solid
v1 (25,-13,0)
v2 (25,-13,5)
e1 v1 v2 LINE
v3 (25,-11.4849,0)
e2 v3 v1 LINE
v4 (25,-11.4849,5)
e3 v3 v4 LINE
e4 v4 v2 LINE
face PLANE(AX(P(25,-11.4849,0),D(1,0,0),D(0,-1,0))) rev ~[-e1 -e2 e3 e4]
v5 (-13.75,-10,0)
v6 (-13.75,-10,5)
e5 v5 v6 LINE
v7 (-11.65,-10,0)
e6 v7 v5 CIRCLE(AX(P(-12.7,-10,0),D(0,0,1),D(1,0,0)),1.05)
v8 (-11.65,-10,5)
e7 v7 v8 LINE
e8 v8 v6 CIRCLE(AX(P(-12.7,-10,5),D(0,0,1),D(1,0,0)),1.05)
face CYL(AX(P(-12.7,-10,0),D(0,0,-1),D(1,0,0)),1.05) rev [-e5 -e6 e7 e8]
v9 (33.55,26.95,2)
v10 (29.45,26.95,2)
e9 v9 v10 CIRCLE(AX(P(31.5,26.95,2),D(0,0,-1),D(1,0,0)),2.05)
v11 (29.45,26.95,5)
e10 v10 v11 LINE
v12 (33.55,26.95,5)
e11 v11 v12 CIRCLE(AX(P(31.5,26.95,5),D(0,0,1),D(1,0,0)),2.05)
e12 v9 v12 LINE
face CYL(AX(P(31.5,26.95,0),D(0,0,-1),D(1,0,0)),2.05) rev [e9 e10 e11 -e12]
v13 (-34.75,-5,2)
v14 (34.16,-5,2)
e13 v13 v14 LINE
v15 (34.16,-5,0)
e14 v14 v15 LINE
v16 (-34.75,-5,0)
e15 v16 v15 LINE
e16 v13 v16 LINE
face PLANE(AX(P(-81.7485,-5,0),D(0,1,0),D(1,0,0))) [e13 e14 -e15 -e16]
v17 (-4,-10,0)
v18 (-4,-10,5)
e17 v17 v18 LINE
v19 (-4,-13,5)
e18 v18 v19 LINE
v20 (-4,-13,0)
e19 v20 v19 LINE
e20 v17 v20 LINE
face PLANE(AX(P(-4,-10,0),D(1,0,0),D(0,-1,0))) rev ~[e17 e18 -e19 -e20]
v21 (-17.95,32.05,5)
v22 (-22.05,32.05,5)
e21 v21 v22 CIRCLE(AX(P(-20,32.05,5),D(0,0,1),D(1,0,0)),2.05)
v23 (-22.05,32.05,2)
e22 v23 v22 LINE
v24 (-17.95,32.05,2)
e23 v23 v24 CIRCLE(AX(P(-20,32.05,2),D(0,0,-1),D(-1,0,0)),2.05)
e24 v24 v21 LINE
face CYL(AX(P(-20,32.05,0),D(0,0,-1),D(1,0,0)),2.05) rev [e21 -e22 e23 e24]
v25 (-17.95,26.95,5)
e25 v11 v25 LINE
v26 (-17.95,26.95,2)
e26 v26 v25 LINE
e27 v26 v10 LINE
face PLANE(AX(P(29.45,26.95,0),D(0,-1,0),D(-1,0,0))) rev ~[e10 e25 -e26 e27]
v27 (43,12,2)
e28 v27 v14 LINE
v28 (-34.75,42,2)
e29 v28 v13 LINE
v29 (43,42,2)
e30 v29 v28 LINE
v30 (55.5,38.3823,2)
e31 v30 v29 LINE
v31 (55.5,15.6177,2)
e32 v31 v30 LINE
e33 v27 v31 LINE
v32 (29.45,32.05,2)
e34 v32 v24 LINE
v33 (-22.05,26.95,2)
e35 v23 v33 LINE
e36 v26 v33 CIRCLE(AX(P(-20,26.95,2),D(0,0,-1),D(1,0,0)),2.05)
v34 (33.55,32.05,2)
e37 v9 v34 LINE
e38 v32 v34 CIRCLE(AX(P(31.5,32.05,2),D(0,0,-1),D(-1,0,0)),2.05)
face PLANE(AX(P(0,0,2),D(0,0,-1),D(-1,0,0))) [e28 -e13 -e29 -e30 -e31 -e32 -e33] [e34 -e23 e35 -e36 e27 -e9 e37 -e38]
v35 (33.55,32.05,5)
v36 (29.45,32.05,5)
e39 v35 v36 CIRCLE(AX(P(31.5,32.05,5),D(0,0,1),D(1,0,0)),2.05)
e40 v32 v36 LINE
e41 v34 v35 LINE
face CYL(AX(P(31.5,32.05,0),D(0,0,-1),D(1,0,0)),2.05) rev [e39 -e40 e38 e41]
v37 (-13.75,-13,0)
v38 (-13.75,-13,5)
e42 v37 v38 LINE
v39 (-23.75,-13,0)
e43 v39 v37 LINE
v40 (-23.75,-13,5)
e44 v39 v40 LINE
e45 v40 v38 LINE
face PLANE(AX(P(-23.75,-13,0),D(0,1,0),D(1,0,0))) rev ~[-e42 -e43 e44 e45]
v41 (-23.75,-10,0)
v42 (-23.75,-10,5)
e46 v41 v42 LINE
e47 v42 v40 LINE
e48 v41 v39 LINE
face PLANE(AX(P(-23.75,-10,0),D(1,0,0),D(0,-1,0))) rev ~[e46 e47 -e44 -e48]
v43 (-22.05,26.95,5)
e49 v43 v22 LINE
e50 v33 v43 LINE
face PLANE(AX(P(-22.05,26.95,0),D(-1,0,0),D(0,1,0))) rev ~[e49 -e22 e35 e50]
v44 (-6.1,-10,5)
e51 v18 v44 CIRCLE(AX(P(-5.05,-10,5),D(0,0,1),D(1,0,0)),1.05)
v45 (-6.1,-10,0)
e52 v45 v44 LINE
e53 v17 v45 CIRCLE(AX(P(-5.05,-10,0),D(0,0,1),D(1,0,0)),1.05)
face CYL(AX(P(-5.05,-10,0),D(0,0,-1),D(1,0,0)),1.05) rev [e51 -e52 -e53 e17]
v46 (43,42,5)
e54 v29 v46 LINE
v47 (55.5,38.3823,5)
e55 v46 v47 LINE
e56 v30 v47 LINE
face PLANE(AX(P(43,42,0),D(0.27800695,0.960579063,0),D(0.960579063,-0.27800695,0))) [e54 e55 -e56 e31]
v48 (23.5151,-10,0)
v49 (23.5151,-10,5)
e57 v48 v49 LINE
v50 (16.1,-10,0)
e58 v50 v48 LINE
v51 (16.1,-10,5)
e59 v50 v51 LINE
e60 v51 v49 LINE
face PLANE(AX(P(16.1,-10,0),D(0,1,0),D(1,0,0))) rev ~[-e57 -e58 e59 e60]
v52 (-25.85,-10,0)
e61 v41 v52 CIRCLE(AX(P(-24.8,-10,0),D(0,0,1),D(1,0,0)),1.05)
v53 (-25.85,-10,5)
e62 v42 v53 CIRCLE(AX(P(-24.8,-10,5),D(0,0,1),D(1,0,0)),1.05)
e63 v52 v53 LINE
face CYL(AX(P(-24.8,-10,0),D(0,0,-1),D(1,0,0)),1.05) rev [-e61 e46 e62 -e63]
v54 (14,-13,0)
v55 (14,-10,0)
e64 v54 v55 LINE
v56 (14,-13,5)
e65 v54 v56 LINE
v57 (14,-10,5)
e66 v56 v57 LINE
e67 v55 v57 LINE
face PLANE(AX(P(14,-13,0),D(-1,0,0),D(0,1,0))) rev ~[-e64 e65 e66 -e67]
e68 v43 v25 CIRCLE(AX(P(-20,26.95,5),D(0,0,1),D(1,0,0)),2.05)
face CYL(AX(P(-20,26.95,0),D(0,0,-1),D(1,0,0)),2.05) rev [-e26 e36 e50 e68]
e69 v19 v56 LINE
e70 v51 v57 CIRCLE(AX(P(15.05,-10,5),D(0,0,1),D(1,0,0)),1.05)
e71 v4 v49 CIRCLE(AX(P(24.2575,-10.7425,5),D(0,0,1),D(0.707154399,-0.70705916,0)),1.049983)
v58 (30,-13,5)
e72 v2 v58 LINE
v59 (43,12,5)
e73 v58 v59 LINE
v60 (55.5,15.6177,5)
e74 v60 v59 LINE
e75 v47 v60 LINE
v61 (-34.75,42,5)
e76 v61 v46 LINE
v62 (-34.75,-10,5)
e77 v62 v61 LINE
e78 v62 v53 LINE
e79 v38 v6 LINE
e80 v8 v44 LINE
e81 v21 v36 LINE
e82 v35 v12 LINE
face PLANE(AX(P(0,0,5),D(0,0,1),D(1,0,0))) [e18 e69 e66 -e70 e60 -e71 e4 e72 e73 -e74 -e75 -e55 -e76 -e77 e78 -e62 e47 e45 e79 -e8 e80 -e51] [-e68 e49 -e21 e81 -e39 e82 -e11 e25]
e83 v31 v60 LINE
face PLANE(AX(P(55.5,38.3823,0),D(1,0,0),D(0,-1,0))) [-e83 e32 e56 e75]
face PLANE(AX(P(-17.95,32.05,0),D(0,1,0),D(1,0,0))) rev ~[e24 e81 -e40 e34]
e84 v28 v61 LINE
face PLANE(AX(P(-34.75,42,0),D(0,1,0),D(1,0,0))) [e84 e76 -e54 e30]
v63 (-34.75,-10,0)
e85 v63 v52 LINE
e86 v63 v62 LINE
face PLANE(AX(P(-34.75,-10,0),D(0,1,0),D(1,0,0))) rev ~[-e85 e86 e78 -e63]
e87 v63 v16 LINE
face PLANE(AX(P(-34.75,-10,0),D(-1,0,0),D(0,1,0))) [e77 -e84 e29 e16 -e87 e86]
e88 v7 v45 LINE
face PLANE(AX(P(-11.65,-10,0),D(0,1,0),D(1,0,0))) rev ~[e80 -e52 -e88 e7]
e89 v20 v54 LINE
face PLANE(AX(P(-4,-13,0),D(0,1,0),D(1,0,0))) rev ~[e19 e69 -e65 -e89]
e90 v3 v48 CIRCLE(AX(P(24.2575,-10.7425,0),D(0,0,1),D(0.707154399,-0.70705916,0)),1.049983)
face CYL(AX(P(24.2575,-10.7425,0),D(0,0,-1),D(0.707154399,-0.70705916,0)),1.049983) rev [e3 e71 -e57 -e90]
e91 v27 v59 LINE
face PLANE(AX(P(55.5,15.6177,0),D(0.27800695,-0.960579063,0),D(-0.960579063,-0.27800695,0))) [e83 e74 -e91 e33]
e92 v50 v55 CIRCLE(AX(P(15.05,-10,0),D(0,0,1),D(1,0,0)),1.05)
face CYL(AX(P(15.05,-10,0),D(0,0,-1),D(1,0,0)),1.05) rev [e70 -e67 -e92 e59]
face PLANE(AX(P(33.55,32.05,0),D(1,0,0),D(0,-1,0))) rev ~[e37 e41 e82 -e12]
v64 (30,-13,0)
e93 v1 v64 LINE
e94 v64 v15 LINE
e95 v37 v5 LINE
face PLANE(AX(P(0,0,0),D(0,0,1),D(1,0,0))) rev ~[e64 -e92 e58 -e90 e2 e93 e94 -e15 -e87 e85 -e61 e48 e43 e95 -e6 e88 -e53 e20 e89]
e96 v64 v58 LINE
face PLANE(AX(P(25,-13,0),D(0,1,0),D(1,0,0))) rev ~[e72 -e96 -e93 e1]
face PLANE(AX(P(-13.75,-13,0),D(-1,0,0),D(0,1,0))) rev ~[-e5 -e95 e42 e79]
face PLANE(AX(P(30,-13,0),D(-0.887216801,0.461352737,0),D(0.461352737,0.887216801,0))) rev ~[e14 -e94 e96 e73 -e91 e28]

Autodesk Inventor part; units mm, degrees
ref_plane "YZ Plane" through (0, 0, 0) normal (1, 0, 0) x (0, 1, 0)
ref_plane "XZ Plane" through (0, 0, 0) normal (0, 1, 0) x (-1, 0, 0)
ref_plane "XY Plane" through (0, 0, 0) normal (0, 0, 1) x (1, 0, 0)
sketch "スケッチ1" plane through (0, 0, 0) normal (0, 0, 1) x (1, 0, 0)
  line L0 (-34.75, -10) -> (23.5151, -10) construction
  arc A0 (25, -11.4849) -> (23.5151, -10) centre (24.2575, -10.7425) ccw
  line L1 (25, -11.4849) -> (25, -13)
  line L2 (25, -13) -> (30, -13)
  line L3 (23.5151, -10) -> (25, -10) construction
  line L4 (25, -10) -> (25, -11.4849) construction
  line L5 (-34.75, -10) -> (-34.75, 42)
  line L6 (-34.75, 42) -> (43, 42)
  circle A1 centre (-13, 37) radius 1.2
  circle A2 centre (13, 37) radius 1.2
  line L7 (0, 30.2) -> (0, 0) construction
  line L8 (30, -13) -> (43, 12)
  line L9 (43, 12) -> (43, 42)
  line L10 (-22.05, 32.05) -> (33.55, 32.05)
  line L11 (33.55, 32.05) -> (33.55, 26.95)
  line L12 (33.55, 26.95) -> (-22.05, 26.95)
  line L13 (-22.05, 26.95) -> (-22.05, 32.05)
  line L14 (33.5, 32) -> (-22, 32) construction
  line L15 (-22, 32) -> (-22, 27) construction
  line L16 (-22, 27) -> (33.5, 27) construction
  line L17 (33.5, 27) -> (33.5, 32) construction
  circle A3 centre (-20, 32.05) radius 2.05
  circle A4 centre (-20, 26.95) radius 2.05
  circle A5 centre (31.5, 32.05) radius 2.05
  circle A6 centre (31.5, 26.95) radius 2.05
  line L18 (-34.75, -10) -> (-25.85, -10)
  arc A7 (-23.75, -10) -> (-25.85, -10) centre (-24.8, -10) ccw
  line L19 (-23.75, -10) -> (-23.75, -13)
  line L20 (-23.75, -13) -> (-13.75, -13)
  line L21 (-13.75, -13) -> (-13.75, -10)
  arc A8 (-11.65, -10) -> (-13.75, -10) centre (-12.7, -10) ccw
  line L22 (-11.65, -10) -> (-6.1, -10)
  arc A9 (-4, -10) -> (-6.1, -10) centre (-5.05, -10) ccw
  line L23 (-4, -10) -> (-4, -13)
  line L24 (-4, -13) -> (14, -13)
  line L25 (14, -13) -> (14, -10)
  arc A10 (16.1, -10) -> (14, -10) centre (15.05, -10) ccw
  line L26 (16.1, -10) -> (23.5151, -10)
  line L27 (18.45, -6.1712) -> (21.55, -6.1712) construction
  line L28 (21.55, -6.1712) -> (21.55, -12.9737) construction
  line L29 (21.55, -12.9737) -> (18.45, -12.9737) construction
  line L30 (18.45, -12.9737) -> (18.45, -6.1712) construction
  line L31 (-31.3, -5.7897) -> (-28.2, -5.7897) construction
  line L32 (-28.2, -5.7897) -> (-28.2, -15) construction
  line L33 (-28.2, -15) -> (-31.3, -15) construction
  line L34 (-31.3, -15) -> (-31.3, -5.7897) construction
  line L35 (-29.75, -5.7897) -> (-29.75, -15) construction
  line L36 (20, -6.1712) -> (20, -12.9737) construction
  line L37 (43, 42) -> (55.5, 38.3823)
  line L38 (55.5, 38.3823) -> (55.5, 15.6177)
  line L39 (55.5, 15.6177) -> (43, 12)
  circle A11 centre (51, 35) radius 1.55
  circle A12 centre (51, 19) radius 1.55
  circle A13 centre (51, 35) radius 4.5 construction
  circle A14 centre (51, 19) radius 4.5 construction
  line L40 (51, 35) -> (51, 19) construction
  line L41 (-11.2651, 33.995) -> (-14.7349, 33.995)
  line L42 (-14.7349, 33.995) -> (-16.4699, 37)
  line L43 (-16.4699, 37) -> (-14.7349, 40.005)
  line L44 (-14.7349, 40.005) -> (-11.2651, 40.005)
  line L45 (-11.2651, 40.005) -> (-9.5301, 37)
  line L46 (-9.5301, 37) -> (-11.2651, 33.995)
  circle A15 centre (-15.4199, 37) radius 1.05
  circle A16 centre (-14.2099, 34.9043) radius 1.05
  circle A17 centre (-11.7901, 34.9043) radius 1.05
  circle A18 centre (-10.5801, 37) radius 1.05
  circle A19 centre (-11.7901, 39.0957) radius 1.05
  circle A20 centre (-14.2099, 39.0957) radius 1.05
  line L47 (16.4699, 37) -> (14.7349, 33.995)
  line L48 (14.7349, 33.995) -> (11.2651, 33.995)
  line L49 (11.2651, 33.995) -> (9.5301, 37)
  line L50 (9.5301, 37) -> (11.2651, 40.005)
  line L51 (11.2651, 40.005) -> (14.7349, 40.005)
  line L52 (14.7349, 40.005) -> (16.4699, 37)
  circle A21 centre (10.5801, 37) radius 1.05
  circle A22 centre (11.7901, 34.9043) radius 1.05
  circle A23 centre (14.2099, 34.9043) radius 1.05
  circle A24 centre (15.4199, 37) radius 1.05
  circle A25 centre (14.2099, 39.0957) radius 1.05
  circle A26 centre (11.7901, 39.0957) radius 1.05
  line L53 (1.7349, 33.995) -> (-1.7349, 33.995)
  line L54 (-1.7349, 33.995) -> (-3.4699, 37)
  line L55 (-3.4699, 37) -> (-1.7349, 40.005)
  line L56 (-1.7349, 40.005) -> (1.7349, 40.005)
  line L57 (1.7349, 40.005) -> (3.4699, 37)
  line L58 (3.4699, 37) -> (1.7349, 33.995)
  circle A27 centre (-2.4199, 37) radius 1.05
  circle A28 centre (-1.2099, 34.9043) radius 1.05
  circle A29 centre (1.2099, 34.9043) radius 1.05
  circle A30 centre (2.4199, 37) radius 1.05
  circle A31 centre (1.2099, 39.0957) radius 1.05
  circle A32 centre (-1.2099, 39.0957) radius 1.05
  line L59 (51, 38.1754) -> (53.75, 36.5877)
  line L60 (53.75, 36.5877) -> (53.75, 33.4123)
  line L61 (53.75, 33.4123) -> (51, 31.8246)
  line L62 (51, 31.8246) -> (48.25, 33.4123)
  line L63 (48.25, 33.4123) -> (48.25, 36.5877)
  line L64 (48.25, 36.5877) -> (51, 38.1754)
  point P0 (43, 27)
  point P1 (55.5, 27)
  point P2 (-14.7349, 33.995)
  point P3 (-11.2651, 33.995)
  point P4 (-9.5301, 37)
  point P5 (-11.2651, 40.005)
  point P6 (-14.7349, 40.005)
  point P7 (14.7349, 40.005)
  point P8 (11.2651, 40.005)
  point P9 (0, 37)
  point P10 (3.4699, 37)
  point P11 (1.7349, 40.005)
  point P12 (-1.7349, 40.005)
  dimension "d110" = 4.1
  dimension "d201" = 2.1
  dimension "d42" = 2.4
  dimension "d44" = 13
  dimension "d90" = 5
  dimension "d91" = 59.75
  dimension "d92" = 1.05
  dimension "d93" = 25
  dimension "d95" = 3
  dimension "d96" = 10
  dimension "d97" = 43
  dimension "d98" = 30
  dimension "d99" = 52
  dimension "d100" = 37
  dimension "d104" = 55.5
  dimension "d105" = 0.05
  dimension "d106" = 22
  dimension "d107" = 42
  dimension "d109" = 5
  dimension "d111" = 1.05
  dimension "d113" = 49.75
  dimension "d114" = 5
  dimension "d115" = 3.1
  dimension "d116" = 6
  dimension "d117" = 6
  dimension "d118" = 10
  dimension "d119" = 18
  dimension "d120" = 3
  dimension "d184" = 3.1
  dimension "d186" = 16
  dimension "d200" = 6.01
  dimension "d204" = 360
  dimension "d208" = 360
  dimension "d212" = 360
  dimension "d214" = 13
  dimension "d216" = 5.5
  dimension "d217" = 9
  dimension "d218" = 8
extrude "押し出し1" add sketch "スケッチ1" along normal blind 5 contours A0 L26 A10 L25 L24 L23 A9 L22 A8 L21 L20 L19 A7 L18 L5 L6 L9 L8 L2 L1 | L9 L37 L38 L39 | A1 | A2 | A17 L41 | L41 A17 L46 | L46 A17 | L41 A16 L42 A15 L43 A20 L44 A19 L45 A18 L46 A17 | A16 L41 | L41 L42 A16 | A18 L45 L46 | L46 A18 | A16 L42 | L45 A18 | A19 L44 L45 | L45 A19 | A15 L42 | L42 L43 A15 | L44 A19 | A15 L43 | A20 L43 L44 | L44 A20 | L43 A20 | A23 L47 | A23 L48 A22 L49 A21 L50 A26 L51 A25 L52 A24 L47 | L47 L48 A23 | A23 L48 | A24 L52 L47 | L47 A24 | L52 A24 | A22 L48 | L48 L49 A22 | A25 L51 L52 | L52 A25 | A22 L49 | L51 A25 | A26 L50 L51 | L51 A26 | A21 L49 | L49 L50 A21 | L50 A26 | A21 L50 | A29 L53 | L53 A29 L58 | L58 A29 | L53 A28 L54 A27 L55 A32 L56 A31 L57 A30 L58 A29 | A28 L53 | L53 L54 A28 | A30 L57 L58 | L58 A30 | A28 L54 | L57 A30 | A31 L56 L57 | L57 A31 | A27 L54 | L54 L55 A27 | L56 A31 | A27 L55 | A32 L55 L56 | L56 A32 | L55 A32 | L59 L60 L61 L62 L63 L64
sketch "スケッチ9" plane through (0, 0, 0) normal (0, 0, -1) x (-1, 0, 0)
  line L0 (-16.1, -10) -> (-23.5151, -10) projected
  line L1 (17.95, 26.95) -> (-29.45, 26.95) projected
  arc A0 (-33.55, 26.95) -> (-29.45, 26.95) centre (-31.5, 26.95) ccw projected
  line L2 (-33.55, 26.95) -> (-33.55, 32.05) projected
  arc A1 (-29.45, 32.05) -> (-33.55, 32.05) centre (-31.5, 32.05) ccw projected
  line L3 (-29.45, 32.05) -> (17.95, 32.05) projected
  arc A2 (22.05, 32.05) -> (17.95, 32.05) centre (20, 32.05) ccw projected
  line L4 (22.05, 32.05) -> (22.05, 26.95) projected
  arc A3 (17.95, 26.95) -> (22.05, 26.95) centre (20, 26.95) ccw projected
  circle A4 centre (-10, 36) radius 1.2 projected
  circle A5 centre (10, 36) radius 1.2 projected
  circle A6 centre (-51, 19) radius 1.55 projected
  circle A7 centre (-51, 35) radius 1.55 projected
  line L5 (-67.988, 57.9937) -> (81.7485, 57.9937)
  line L6 (81.7485, 57.9937) -> (81.7485, -5)
  line L7 (81.7485, -5) -> (-67.988, -5)
  line L8 (-67.988, -5) -> (-67.988, 57.9937)
  point P0 (0, 0)
  dimension "d197" = 5
extrude "押し出し5" cut sketch "スケッチ9" against normal blind 2 contours A4 | A5 | L5 L6 L7 L8
sketch "スケッチ12" plane through (0, 0, 5) normal (0, 0, 1) x (1, 0, 0)
  circle A0 centre (51, 35) radius 1.55 projected
  circle A1 centre (51, 35) radius 1.55
  circle A2 centre (51, 27) radius 3 projected
  circle A3 centre (51, 27) radius 3
  circle A4 centre (51, 19) radius 1.55 projected
  circle A5 centre (51, 19) radius 1.55
  point P0 (0, 0)
extrude "押し出し8" add sketch "スケッチ12" against normal up to surface (3 mm away)
equation "\"d91\" = d54"
equation "\"d54\" = 59.75"
properties part number "胴体_サブフレーム_1_1" material "アルミニウム 2014-T4"
